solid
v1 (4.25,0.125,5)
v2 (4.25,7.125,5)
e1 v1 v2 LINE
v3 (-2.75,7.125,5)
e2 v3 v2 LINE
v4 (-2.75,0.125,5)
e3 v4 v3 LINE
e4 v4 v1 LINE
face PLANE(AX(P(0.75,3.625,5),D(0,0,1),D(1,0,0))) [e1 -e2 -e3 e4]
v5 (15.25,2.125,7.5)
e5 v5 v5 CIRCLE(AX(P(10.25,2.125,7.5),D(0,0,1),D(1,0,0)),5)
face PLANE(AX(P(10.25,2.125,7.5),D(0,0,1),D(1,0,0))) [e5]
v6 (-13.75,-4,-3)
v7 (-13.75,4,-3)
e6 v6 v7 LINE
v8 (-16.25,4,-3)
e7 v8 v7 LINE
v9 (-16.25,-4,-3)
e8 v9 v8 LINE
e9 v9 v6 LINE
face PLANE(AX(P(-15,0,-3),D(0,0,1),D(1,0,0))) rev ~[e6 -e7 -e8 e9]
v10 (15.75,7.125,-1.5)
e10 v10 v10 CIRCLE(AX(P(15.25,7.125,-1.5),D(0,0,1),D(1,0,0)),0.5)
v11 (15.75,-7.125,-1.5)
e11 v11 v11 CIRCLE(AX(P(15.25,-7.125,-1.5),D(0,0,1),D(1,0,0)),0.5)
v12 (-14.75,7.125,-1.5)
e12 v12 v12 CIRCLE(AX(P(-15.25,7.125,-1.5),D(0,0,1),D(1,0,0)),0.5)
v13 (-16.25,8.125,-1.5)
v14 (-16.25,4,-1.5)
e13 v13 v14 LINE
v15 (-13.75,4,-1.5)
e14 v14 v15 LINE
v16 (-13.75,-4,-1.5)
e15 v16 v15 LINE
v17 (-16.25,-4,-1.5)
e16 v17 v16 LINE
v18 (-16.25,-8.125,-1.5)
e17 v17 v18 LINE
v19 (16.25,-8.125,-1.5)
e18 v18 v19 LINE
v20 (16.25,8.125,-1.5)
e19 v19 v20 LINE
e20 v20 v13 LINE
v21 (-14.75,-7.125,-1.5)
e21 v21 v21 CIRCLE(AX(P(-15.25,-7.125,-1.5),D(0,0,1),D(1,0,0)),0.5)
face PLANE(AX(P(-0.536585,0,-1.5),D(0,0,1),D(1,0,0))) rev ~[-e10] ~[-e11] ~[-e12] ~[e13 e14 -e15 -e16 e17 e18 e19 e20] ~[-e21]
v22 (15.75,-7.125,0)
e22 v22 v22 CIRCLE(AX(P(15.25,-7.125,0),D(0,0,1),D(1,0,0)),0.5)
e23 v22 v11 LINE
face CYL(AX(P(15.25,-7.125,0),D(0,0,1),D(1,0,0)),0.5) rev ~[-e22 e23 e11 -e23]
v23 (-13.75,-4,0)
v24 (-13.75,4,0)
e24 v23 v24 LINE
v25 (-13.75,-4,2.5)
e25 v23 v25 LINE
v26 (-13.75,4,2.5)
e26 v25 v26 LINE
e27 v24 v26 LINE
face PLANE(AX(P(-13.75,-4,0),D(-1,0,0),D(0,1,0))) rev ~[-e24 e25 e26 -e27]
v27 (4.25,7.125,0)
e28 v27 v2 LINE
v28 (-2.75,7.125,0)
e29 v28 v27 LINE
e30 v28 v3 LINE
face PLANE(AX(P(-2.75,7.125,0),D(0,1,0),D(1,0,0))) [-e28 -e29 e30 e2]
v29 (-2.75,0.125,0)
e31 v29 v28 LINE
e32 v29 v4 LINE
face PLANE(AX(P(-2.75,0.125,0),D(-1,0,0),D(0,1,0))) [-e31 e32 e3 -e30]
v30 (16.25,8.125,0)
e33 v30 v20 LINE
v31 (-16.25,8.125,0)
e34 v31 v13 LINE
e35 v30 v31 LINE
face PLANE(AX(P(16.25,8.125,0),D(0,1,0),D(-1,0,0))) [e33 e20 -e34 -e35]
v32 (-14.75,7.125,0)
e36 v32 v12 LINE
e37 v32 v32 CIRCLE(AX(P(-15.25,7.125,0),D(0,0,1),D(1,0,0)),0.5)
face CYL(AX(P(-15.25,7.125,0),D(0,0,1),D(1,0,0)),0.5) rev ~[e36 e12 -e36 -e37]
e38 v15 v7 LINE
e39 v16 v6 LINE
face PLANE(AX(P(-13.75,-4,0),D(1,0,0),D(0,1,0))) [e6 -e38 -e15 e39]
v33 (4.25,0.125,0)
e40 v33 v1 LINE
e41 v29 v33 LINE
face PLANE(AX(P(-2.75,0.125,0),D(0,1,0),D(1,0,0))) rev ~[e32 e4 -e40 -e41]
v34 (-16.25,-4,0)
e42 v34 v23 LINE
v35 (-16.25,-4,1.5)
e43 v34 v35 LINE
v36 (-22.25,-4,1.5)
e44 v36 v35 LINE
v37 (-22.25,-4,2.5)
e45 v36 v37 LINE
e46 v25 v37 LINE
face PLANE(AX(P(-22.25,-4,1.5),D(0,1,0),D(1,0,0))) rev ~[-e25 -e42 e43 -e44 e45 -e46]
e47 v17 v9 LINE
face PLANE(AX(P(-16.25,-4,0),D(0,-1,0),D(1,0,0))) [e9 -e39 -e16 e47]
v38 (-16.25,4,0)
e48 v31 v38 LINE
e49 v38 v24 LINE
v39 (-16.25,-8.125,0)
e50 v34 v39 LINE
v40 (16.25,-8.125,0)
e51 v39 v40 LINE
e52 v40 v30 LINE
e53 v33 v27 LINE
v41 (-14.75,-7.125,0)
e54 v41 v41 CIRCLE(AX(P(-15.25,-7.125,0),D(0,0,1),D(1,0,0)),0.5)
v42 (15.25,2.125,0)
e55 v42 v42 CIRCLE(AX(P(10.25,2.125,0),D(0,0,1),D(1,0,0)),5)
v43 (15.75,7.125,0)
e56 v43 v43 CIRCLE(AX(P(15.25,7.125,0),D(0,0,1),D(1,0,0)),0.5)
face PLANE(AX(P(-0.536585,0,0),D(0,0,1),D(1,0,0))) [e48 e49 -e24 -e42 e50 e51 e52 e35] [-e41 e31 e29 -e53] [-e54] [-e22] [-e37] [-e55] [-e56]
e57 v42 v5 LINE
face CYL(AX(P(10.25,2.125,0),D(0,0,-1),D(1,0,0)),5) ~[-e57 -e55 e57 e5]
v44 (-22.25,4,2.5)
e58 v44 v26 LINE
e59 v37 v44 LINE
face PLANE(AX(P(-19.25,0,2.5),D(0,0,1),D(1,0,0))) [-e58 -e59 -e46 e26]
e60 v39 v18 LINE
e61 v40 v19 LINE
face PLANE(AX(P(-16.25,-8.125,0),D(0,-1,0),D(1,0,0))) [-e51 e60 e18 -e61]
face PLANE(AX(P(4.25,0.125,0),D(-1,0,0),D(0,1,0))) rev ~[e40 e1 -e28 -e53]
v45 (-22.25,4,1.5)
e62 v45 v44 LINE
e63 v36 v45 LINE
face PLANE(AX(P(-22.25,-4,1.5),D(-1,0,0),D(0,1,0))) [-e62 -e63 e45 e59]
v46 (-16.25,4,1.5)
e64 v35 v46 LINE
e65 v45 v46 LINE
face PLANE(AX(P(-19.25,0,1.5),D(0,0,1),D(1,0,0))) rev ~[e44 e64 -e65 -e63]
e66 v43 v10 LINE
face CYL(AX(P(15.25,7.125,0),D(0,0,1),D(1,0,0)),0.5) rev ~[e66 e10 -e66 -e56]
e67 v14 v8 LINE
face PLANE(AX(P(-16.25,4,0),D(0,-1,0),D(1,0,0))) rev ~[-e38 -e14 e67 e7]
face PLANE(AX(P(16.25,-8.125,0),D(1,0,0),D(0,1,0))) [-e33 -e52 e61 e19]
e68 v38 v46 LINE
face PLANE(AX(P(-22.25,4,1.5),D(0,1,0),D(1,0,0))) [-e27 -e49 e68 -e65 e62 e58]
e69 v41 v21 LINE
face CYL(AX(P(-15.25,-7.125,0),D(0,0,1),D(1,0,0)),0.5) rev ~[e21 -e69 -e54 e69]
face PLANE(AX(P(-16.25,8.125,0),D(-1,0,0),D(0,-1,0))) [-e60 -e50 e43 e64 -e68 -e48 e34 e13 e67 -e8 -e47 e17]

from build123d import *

# Parameters (mm, degrees)
F0_R          = 0.5
F0_W          = 7
F0_H          = 7
F0_R_2        = 5
F0_W_2        = 2.5
F0_H_2        = 8
F1_DEPTH      = 1.5
F2_DEPTH      = 7.5
F3_DEPTH      = 5
F4_DEPTH      = 2.5
F4_DEPTH_BACK = 3
F5_START      = 1.5
F0_W_3        = 6
F5_DEPTH      = 1


with BuildPart() as f1:
    # F0 (on Top) → F1 (new body)
    with BuildSketch(Plane.XY):
        Polygon((16.25, 8.125), (-16.25, 8.125), (-16.25, 4), (-13.75, 4), (-13.75, -4), (-16.25, -4), (-16.25, -8.125), (16.25, -8.125), align=None)
        with Locations((-15.25, -7.125)):
            Circle(F0_R, mode=Mode.SUBTRACT)
        with Locations((15.25, -7.125)):
            Circle(F0_R, mode=Mode.SUBTRACT)
        with Locations((-15.25, 7.125)):
            Circle(F0_R, mode=Mode.SUBTRACT)
        with Locations((0.75, 3.625)):
            Rectangle(F0_W, F0_H, mode=Mode.SUBTRACT)
        with Locations((10.25, 2.125)):
            Circle(F0_R_2, mode=Mode.SUBTRACT)
        with Locations((15.25, 7.125)):
            Circle(F0_R, mode=Mode.SUBTRACT)
        with Locations((-15, 0)):
            Rectangle(F0_W_2, F0_H_2)
        with Locations((0.75, 3.625)):
            Rectangle(F0_W, F0_H)
        with Locations((10.25, 2.125)):
            Circle(F0_R_2)
    extrude(amount=-F1_DEPTH)

    # F0 (on Top) → F2 (join)
    with BuildSketch(Plane.XY):
        with Locations((10.25, 2.125)):
            Circle(F0_R_2)
    extrude(amount=F2_DEPTH)

    # F0 (on Top) → F3 (join)
    with BuildSketch(Plane.XY):
        with Locations((0.75, 3.625)):
            Rectangle(F0_W, F0_H)
    extrude(amount=F3_DEPTH)

    # F0 (on Top) → F4 (join, two sides)
    with BuildSketch(Plane.XY) as f4_sk:
        with Locations((-15, 0)):
            Rectangle(F0_W_2, F0_H_2)
    extrude(amount=F4_DEPTH)
    extrude(f4_sk.sketch, amount=-F4_DEPTH_BACK)

    # F0 (on Top) → F5 (join)
    with BuildSketch(Plane.XY.offset(F5_START)):
        with Locations((-19.25, 0)):
            Rectangle(F0_W_3, F0_H_2)
    extrude(amount=F5_DEPTH)


solid = f1.part
